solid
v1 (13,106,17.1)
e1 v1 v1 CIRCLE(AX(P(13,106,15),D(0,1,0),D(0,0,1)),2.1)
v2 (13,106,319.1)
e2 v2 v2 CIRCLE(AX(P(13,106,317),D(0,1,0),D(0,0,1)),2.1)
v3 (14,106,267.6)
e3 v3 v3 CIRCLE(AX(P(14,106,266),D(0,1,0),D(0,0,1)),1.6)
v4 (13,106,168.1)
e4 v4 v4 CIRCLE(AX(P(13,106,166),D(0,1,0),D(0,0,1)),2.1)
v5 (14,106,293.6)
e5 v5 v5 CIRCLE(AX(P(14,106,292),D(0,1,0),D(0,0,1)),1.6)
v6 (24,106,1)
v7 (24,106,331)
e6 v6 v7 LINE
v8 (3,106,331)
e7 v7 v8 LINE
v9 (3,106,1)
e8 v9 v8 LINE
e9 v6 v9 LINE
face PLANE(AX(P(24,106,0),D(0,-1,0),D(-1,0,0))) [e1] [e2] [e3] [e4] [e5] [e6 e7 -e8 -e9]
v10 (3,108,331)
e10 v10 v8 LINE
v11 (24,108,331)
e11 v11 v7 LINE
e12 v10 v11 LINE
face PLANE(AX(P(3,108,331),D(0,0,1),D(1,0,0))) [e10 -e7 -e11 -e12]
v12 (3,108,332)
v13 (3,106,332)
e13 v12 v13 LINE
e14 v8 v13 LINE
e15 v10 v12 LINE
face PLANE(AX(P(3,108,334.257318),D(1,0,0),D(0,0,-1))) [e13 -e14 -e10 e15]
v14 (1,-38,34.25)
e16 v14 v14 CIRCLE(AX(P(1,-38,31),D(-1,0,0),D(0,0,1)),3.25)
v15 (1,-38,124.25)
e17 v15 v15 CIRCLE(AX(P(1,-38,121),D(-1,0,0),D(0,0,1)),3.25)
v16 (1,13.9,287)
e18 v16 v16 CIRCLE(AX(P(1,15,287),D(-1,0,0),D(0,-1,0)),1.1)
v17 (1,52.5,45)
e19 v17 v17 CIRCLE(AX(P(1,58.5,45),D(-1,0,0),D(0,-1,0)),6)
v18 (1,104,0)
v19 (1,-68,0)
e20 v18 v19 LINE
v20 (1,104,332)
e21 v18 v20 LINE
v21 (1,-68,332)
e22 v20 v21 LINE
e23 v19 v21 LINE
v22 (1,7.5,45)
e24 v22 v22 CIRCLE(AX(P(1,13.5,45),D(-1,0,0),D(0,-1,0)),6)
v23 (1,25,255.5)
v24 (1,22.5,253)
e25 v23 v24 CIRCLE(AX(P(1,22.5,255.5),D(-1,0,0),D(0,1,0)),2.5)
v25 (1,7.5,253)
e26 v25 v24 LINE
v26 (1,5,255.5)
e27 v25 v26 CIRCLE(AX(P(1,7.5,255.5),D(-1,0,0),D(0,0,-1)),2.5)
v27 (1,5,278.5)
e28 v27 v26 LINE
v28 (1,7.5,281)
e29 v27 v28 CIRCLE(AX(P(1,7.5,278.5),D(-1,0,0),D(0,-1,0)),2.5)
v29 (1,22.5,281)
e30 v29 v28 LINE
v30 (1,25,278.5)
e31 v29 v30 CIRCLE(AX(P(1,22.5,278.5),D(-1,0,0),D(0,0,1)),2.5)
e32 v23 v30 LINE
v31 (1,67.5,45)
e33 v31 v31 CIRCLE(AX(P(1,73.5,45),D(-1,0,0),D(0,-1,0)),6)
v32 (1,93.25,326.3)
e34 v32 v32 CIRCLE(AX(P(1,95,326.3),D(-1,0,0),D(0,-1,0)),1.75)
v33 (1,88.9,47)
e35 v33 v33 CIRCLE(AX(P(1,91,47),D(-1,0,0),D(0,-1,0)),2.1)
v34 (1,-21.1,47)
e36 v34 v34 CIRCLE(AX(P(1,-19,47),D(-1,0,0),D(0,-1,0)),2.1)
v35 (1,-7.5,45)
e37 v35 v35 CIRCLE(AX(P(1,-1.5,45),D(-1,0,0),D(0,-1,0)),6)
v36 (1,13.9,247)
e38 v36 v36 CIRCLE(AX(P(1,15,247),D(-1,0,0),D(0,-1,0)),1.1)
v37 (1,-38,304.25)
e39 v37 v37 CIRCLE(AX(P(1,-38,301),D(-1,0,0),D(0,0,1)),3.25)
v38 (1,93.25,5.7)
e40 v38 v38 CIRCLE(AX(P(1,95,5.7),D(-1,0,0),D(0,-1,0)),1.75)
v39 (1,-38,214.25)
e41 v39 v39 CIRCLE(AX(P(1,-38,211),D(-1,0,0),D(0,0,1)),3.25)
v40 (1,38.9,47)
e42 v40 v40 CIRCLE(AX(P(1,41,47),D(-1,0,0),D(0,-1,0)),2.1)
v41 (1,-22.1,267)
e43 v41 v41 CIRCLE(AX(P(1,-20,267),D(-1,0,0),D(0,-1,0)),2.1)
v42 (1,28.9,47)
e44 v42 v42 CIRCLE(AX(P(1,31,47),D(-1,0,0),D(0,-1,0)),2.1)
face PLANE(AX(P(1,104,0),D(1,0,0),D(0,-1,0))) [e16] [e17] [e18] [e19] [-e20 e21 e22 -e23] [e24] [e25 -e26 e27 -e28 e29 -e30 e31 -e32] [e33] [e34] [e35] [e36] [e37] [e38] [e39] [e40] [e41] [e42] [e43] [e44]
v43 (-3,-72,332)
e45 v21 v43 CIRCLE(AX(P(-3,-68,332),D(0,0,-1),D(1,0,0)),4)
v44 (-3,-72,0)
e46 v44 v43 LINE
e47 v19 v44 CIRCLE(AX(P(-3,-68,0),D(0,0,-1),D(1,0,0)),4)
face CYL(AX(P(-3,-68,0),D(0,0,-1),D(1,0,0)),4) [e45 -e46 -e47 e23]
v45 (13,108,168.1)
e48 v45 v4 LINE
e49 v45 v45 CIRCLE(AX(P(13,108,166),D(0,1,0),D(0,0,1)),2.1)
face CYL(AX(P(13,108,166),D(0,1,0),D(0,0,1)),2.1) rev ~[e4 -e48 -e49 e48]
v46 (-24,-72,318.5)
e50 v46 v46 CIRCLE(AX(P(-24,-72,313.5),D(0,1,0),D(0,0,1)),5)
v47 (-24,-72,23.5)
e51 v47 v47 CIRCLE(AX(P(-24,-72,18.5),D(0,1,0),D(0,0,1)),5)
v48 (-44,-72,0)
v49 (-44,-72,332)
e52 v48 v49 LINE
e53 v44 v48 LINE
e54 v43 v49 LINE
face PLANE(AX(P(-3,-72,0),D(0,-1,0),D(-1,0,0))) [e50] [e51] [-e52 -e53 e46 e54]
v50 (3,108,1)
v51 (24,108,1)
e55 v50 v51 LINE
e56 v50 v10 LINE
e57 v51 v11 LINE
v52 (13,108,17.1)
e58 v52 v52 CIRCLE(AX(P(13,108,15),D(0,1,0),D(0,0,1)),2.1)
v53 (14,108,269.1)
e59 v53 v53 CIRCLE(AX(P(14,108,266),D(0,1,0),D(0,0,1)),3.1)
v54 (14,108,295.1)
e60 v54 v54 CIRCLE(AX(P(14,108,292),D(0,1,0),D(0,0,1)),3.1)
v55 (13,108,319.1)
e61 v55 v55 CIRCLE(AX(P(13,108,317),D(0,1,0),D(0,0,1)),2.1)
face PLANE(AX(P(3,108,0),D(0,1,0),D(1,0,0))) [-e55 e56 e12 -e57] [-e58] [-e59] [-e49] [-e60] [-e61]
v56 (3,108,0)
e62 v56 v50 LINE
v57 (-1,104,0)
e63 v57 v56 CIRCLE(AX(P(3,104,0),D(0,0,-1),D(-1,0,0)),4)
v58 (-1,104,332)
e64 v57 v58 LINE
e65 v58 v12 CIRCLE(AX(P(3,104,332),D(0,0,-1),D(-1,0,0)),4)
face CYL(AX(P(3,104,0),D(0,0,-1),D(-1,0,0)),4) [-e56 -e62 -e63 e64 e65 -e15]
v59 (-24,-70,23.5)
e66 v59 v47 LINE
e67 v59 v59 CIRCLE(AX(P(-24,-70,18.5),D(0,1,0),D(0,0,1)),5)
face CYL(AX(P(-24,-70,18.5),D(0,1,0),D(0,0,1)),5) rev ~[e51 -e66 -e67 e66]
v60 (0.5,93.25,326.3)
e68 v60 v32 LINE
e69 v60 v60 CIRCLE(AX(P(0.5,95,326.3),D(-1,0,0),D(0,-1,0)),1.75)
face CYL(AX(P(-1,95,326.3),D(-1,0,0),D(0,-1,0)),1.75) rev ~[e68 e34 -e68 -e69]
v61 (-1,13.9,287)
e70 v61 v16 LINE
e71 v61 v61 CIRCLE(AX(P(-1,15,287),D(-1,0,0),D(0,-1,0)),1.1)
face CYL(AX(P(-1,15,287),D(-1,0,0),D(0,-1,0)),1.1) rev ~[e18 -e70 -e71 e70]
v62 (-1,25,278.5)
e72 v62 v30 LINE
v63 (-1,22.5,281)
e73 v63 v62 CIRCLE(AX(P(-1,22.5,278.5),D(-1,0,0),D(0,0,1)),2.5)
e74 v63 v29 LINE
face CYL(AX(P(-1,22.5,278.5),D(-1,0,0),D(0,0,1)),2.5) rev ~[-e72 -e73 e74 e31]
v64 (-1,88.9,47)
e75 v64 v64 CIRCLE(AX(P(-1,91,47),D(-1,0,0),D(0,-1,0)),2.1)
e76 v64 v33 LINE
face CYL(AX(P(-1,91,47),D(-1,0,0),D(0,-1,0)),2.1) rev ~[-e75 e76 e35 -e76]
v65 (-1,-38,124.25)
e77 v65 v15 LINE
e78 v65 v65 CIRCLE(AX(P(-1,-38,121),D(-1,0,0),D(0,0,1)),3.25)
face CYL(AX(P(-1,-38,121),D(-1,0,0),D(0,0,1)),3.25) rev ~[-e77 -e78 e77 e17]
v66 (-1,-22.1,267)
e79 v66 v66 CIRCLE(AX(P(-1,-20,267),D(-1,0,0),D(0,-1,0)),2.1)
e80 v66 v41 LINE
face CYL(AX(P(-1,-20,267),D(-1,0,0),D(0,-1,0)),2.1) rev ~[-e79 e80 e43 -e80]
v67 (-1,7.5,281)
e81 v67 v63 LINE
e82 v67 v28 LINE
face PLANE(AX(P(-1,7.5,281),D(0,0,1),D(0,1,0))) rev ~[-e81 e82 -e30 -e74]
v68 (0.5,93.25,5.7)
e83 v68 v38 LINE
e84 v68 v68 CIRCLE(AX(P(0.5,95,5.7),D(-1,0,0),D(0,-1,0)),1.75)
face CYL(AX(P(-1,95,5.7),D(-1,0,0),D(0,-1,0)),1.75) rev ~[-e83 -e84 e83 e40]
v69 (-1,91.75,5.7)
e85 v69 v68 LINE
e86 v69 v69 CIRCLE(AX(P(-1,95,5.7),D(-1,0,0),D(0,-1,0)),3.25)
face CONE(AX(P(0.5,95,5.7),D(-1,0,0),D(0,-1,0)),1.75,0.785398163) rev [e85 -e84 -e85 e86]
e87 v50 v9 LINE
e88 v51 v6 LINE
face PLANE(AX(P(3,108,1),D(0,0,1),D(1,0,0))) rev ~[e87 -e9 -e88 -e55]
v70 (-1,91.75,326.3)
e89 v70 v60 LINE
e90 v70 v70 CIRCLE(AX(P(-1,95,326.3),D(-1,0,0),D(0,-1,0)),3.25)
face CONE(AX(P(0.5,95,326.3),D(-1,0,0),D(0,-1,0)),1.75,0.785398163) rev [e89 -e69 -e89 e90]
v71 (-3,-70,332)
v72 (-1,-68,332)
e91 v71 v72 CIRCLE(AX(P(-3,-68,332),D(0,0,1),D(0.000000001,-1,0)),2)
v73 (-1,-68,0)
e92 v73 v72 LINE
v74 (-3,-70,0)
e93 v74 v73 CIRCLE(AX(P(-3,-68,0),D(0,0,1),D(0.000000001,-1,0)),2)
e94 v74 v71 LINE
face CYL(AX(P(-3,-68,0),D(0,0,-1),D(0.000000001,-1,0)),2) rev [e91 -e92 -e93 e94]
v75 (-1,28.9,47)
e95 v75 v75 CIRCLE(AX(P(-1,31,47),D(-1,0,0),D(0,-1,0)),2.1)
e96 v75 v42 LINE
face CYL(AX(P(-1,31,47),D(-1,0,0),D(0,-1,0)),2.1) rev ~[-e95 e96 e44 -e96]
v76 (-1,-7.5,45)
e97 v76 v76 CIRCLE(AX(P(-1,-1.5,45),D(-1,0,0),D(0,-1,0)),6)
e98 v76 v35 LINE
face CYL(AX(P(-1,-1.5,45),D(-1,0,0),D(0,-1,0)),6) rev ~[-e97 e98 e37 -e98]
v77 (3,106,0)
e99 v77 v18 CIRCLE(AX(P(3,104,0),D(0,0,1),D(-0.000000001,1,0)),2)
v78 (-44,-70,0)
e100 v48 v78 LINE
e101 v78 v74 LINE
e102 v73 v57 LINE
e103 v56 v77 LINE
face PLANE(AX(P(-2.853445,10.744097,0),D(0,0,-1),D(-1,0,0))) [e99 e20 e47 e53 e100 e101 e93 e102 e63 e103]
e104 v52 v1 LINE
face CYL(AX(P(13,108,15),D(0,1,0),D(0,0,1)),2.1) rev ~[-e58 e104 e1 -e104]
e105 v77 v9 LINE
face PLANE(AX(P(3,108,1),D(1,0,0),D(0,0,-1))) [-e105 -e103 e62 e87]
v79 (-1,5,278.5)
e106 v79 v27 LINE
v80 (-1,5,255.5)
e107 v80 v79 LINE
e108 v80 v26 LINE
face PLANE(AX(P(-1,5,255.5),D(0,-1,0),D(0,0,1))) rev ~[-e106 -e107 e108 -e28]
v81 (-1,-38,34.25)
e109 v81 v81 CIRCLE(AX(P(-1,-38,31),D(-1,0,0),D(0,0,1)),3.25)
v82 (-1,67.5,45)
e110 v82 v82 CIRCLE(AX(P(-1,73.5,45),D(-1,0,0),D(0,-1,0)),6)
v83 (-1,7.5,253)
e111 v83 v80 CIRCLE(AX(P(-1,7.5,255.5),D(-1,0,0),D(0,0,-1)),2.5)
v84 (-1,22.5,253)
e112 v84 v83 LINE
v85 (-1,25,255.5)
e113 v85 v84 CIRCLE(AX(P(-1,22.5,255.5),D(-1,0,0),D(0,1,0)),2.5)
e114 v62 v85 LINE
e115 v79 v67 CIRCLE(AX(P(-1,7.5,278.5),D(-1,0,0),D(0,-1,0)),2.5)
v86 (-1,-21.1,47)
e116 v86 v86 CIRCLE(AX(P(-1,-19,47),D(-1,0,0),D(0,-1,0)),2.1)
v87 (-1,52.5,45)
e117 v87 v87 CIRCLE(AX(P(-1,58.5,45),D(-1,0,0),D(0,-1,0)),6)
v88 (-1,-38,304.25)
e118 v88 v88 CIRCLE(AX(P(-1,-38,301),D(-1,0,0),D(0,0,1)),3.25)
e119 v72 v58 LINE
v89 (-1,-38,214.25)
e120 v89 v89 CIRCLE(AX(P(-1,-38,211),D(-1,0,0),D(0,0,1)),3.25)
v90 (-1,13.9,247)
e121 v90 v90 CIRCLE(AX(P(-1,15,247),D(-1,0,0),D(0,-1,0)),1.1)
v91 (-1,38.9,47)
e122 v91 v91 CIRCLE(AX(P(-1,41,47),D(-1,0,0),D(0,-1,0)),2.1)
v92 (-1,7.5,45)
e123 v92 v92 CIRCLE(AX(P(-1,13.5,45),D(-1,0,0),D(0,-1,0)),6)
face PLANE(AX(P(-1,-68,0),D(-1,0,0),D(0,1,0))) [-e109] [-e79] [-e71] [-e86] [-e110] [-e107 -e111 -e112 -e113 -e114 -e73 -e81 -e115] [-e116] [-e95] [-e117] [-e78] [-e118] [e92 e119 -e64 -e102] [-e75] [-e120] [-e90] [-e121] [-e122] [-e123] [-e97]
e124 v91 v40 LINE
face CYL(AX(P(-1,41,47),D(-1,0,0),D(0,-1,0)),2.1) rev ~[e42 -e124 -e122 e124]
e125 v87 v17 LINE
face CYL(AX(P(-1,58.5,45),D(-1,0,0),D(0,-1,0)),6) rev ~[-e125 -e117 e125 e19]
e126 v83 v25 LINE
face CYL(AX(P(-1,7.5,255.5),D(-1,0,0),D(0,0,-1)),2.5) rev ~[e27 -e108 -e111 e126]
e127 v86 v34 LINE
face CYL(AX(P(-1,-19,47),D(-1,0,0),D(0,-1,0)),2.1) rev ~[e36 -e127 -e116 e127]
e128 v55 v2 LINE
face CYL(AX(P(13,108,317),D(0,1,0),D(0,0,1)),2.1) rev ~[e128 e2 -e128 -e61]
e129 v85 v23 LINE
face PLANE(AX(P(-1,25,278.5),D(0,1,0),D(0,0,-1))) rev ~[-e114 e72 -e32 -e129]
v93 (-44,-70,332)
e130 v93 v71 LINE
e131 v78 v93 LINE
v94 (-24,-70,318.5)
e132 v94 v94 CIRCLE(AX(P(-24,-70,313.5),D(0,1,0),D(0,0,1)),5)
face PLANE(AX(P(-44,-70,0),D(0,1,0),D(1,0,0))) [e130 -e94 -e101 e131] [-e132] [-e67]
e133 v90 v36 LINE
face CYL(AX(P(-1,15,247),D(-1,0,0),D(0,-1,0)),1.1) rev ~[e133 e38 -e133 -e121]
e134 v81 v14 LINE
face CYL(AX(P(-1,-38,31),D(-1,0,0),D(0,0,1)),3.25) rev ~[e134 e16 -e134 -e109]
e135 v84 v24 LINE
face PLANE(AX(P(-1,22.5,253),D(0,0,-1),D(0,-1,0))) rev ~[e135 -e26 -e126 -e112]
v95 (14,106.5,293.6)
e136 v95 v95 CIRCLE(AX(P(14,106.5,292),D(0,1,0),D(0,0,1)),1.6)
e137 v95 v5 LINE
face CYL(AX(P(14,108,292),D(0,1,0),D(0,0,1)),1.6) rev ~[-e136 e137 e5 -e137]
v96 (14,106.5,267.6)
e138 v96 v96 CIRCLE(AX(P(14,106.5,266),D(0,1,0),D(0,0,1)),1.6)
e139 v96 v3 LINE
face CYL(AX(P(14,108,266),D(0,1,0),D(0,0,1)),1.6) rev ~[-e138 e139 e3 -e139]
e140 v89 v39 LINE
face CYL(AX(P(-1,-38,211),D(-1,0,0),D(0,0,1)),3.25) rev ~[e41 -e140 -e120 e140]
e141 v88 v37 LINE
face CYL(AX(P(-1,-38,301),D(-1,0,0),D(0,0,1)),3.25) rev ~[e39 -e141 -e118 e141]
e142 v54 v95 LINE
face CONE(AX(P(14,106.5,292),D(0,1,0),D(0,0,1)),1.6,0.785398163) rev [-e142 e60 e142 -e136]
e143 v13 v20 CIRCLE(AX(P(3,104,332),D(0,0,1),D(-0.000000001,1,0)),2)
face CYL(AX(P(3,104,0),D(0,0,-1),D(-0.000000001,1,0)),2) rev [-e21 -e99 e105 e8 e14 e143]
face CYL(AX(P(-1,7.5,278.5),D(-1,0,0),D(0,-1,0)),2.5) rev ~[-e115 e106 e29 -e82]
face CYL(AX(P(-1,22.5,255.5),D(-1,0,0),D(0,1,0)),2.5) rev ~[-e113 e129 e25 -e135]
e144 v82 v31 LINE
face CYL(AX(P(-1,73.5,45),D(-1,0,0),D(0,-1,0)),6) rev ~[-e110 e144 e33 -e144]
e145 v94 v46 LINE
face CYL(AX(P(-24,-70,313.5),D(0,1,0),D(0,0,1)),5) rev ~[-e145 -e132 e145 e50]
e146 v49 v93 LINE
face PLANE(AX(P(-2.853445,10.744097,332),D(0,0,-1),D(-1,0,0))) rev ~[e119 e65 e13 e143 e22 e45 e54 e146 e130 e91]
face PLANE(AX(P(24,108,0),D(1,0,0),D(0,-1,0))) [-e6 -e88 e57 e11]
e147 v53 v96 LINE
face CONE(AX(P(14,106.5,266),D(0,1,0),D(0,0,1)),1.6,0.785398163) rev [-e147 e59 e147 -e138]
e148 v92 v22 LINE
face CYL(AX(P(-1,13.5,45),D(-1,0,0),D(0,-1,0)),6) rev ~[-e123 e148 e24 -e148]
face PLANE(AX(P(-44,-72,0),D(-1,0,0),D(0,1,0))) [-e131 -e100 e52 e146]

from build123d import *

# Parameters (mm, degrees)
EXTRUDE_1_DEPTH     = 332
SKETCH_2_R          = 3.25
CUT_EXTRUDE_1_DEPTH = 5
SKETCH_3_R          = 5
CUT_EXTRUDE_2_DEPTH = 5
SKETCH_4_W          = 26.179083289
SKETCH_4_H          = 3.25731829
CUT_EXTRUDE_3_DEPTH = 10
SKETCH_5_R          = 1.75
CUT_EXTRUDE_4_DEPTH = 2.5
CHAMFER_1_SIZE      = 1.5
SKETCH_6_R          = 2.1
SKETCH_6_R_2        = 6
CUT_EXTRUDE_5_DEPTH = 10
SKETCH_8_R          = 2.1
SKETCH_8_R_2        = 1.1
CUT_EXTRUDE_6_DEPTH = 10
SKETCH_9_R          = 1.6
CUT_EXTRUDE_7_DEPTH = 10
CHAMFER_2_SIZE      = 1.5
SKETCH_10_R         = 2.1
CUT_EXTRUDE_8_DEPTH = 10


with BuildPart() as part:
    # Эскиз1 → Вытянуть1 (new body)
    with BuildSketch(Plane.XY):
        with BuildLine():
            Line((-1, -68), (-1, 104))
            ThreePointArc((-1, 104), (0.171572875, 106.828427125), (3, 108))
            Line((3, 108), (24, 108))
            Line((24, 108), (24, 106))
            Line((24, 106), (3, 106))
            ThreePointArc((3, 106), (1.585786438, 105.414213562), (1, 104))
            Line((1, 104), (1, -68))
            ThreePointArc((1, -68), (-0.171572875, -70.828427125), (-3, -72))
            Line((-3, -72), (-44, -72))
            Line((-44, -72), (-44, -70))
            Line((-44, -70), (-3, -70))
            ThreePointArc((-3, -70), (-1.585786438, -69.414213562), (-1, -68))
        make_face()
    extrude(amount=EXTRUDE_1_DEPTH)

    # Эскиз2 → Вырез-Вытянуть1 (cut)
    with BuildSketch(Plane.ZY.offset(1)):
        with Locations((31, -38)):
            Circle(SKETCH_2_R)
        with Locations((121, -38)):
            Circle(SKETCH_2_R)
        with Locations((211, -38)):
            Circle(SKETCH_2_R)
        with Locations((301, -38)):
            Circle(SKETCH_2_R)
    extrude(amount=-CUT_EXTRUDE_1_DEPTH, mode=Mode.SUBTRACT)

    # Эскиз3 → Вырез-Вытянуть2 (cut)
    with BuildSketch(Plane(origin=(0, -70, 0), x_dir=(1, 0, 0), z_dir=(0, 1, 0))):
        with Locations(Location((-24, -18.5, 0), (0, 0, 270))):
            Circle(SKETCH_3_R)
        with Locations(Location((-24, -313.5, 0), (0, 0, 270))):
            Circle(SKETCH_3_R)
    extrude(amount=-CUT_EXTRUDE_2_DEPTH, mode=Mode.SUBTRACT)

    # Эскиз4 → Вырез-Вытянуть3 (cut)
    with BuildSketch(Plane(origin=(0, 108, 0), x_dir=(1, 0, 0), z_dir=(0, 1, 0))):
        with Locations((16.089541645, 0.628659145)):
            Rectangle(SKETCH_4_W, SKETCH_4_H)
        with Locations((16.089541645, -332.628659145)):
            Rectangle(SKETCH_4_W, SKETCH_4_H)
    extrude(amount=-CUT_EXTRUDE_3_DEPTH, mode=Mode.SUBTRACT)

    # Эскиз5 → Вырез-Вытянуть4 (cut)
    with BuildSketch(Plane.ZY.offset(1)):
        with Locations(Location((5.7, 95, 0), (0, 0, 270))):
            Circle(SKETCH_5_R)
        with Locations(Location((326.3, 95, 0), (0, 0, 270))):
            Circle(SKETCH_5_R)
    extrude(amount=-CUT_EXTRUDE_4_DEPTH, mode=Mode.SUBTRACT)

    # Фаска1
    chamfer_1_edges = [part.edges().sort_by_distance(p)[0] for p in [
        (-1, 96.75, 326.3),
        (-1, 96.75, 5.7),
    ]]
    chamfer(chamfer_1_edges, length=CHAMFER_1_SIZE)

    # Эскиз6 → Вырез-Вытянуть5 (cut)
    with BuildSketch(Plane.ZY.offset(1)):
        with Locations(Location((47, 91, 0), (0, 0, 270))):
            Circle(SKETCH_6_R)
        with Locations(Location((47, 41, 0), (0, 0, 270))):
            Circle(SKETCH_6_R)
        with Locations(Location((47, 31, 0), (0, 0, 270))):
            Circle(SKETCH_6_R)
        with Locations(Location((47, -19, 0), (0, 0, 270))):
            Circle(SKETCH_6_R)
        with Locations(Location((45, -1.5, 0), (0, 0, 270))):
            Circle(SKETCH_6_R_2)
        with Locations(Location((45, 58.5, 0), (0, 0, 270))):
            Circle(SKETCH_6_R_2)
        with Locations(Location((45, 13.5, 0), (0, 0, 270))):
            Circle(SKETCH_6_R_2)
        with Locations(Location((45, 73.5, 0), (0, 0, 270))):
            Circle(SKETCH_6_R_2)
    extrude(amount=-CUT_EXTRUDE_5_DEPTH, mode=Mode.SUBTRACT)

    # Эскиз8 → Вырез-Вытянуть6 (cut)
    with BuildSketch(Plane.ZY.offset(1)):
        with Locations(Location((267, -20, 0), (0, 0, 270))):
            Circle(SKETCH_8_R)
        with Locations(Location((287, 15, 0), (0, 0, 270))):
            Circle(SKETCH_8_R_2)
        with Locations(Location((247, 15, 0), (0, 0, 270))):
            Circle(SKETCH_8_R_2)
        with BuildLine():
            Line((255.5, 5), (278.5, 5))
            ThreePointArc((278.5, 5), (280.267766953, 5.732233047), (281, 7.5))
            Line((281, 7.5), (281, 22.5))
            ThreePointArc((281, 22.5), (280.267766953, 24.267766953), (278.5, 25))
            Line((278.5, 25), (255.5, 25))
            ThreePointArc((255.5, 25), (253.732233047, 24.267766953), (253, 22.5))
            Line((253, 22.5), (253, 7.5))
            ThreePointArc((253, 7.5), (253.732233047, 5.732233047), (255.5, 5))
        make_face()
    extrude(amount=-CUT_EXTRUDE_6_DEPTH, mode=Mode.SUBTRACT)

    # Эскиз9 → Вырез-Вытянуть7 (cut)
    with BuildSketch(Plane(origin=(0, 108, 0), x_dir=(1, 0, 0), z_dir=(0, 1, 0))):
        with Locations(Location((14, -266, 0), (0, 0, 270))):
            Circle(SKETCH_9_R)
        with Locations(Location((14, -292, 0), (0, 0, 270))):
            Circle(SKETCH_9_R)
    extrude(amount=-CUT_EXTRUDE_7_DEPTH, mode=Mode.SUBTRACT)

    # Фаска2
    chamfer_2_edges = [part.edges().sort_by_distance(p)[0] for p in [
        (14, 108, 264.4),
        (14, 108, 290.4),
    ]]
    chamfer(chamfer_2_edges, length=CHAMFER_2_SIZE)

    # Эскиз10 → Вырез-Вытянуть8 (cut)
    with BuildSketch(Plane(origin=(0, 108, 0), x_dir=(1, 0, 0), z_dir=(0, 1, 0))):
        with Locations(Location((13, -15, 0), (0, 0, 270))):
            Circle(SKETCH_10_R)
        with Locations(Location((13, -166, 0), (0, 0, 270))):
            Circle(SKETCH_10_R)
        with Locations(Location((13, -317, 0), (0, 0, 270))):
            Circle(SKETCH_10_R)
    extrude(amount=-CUT_EXTRUDE_8_DEPTH, mode=Mode.SUBTRACT)


solid = part.part
